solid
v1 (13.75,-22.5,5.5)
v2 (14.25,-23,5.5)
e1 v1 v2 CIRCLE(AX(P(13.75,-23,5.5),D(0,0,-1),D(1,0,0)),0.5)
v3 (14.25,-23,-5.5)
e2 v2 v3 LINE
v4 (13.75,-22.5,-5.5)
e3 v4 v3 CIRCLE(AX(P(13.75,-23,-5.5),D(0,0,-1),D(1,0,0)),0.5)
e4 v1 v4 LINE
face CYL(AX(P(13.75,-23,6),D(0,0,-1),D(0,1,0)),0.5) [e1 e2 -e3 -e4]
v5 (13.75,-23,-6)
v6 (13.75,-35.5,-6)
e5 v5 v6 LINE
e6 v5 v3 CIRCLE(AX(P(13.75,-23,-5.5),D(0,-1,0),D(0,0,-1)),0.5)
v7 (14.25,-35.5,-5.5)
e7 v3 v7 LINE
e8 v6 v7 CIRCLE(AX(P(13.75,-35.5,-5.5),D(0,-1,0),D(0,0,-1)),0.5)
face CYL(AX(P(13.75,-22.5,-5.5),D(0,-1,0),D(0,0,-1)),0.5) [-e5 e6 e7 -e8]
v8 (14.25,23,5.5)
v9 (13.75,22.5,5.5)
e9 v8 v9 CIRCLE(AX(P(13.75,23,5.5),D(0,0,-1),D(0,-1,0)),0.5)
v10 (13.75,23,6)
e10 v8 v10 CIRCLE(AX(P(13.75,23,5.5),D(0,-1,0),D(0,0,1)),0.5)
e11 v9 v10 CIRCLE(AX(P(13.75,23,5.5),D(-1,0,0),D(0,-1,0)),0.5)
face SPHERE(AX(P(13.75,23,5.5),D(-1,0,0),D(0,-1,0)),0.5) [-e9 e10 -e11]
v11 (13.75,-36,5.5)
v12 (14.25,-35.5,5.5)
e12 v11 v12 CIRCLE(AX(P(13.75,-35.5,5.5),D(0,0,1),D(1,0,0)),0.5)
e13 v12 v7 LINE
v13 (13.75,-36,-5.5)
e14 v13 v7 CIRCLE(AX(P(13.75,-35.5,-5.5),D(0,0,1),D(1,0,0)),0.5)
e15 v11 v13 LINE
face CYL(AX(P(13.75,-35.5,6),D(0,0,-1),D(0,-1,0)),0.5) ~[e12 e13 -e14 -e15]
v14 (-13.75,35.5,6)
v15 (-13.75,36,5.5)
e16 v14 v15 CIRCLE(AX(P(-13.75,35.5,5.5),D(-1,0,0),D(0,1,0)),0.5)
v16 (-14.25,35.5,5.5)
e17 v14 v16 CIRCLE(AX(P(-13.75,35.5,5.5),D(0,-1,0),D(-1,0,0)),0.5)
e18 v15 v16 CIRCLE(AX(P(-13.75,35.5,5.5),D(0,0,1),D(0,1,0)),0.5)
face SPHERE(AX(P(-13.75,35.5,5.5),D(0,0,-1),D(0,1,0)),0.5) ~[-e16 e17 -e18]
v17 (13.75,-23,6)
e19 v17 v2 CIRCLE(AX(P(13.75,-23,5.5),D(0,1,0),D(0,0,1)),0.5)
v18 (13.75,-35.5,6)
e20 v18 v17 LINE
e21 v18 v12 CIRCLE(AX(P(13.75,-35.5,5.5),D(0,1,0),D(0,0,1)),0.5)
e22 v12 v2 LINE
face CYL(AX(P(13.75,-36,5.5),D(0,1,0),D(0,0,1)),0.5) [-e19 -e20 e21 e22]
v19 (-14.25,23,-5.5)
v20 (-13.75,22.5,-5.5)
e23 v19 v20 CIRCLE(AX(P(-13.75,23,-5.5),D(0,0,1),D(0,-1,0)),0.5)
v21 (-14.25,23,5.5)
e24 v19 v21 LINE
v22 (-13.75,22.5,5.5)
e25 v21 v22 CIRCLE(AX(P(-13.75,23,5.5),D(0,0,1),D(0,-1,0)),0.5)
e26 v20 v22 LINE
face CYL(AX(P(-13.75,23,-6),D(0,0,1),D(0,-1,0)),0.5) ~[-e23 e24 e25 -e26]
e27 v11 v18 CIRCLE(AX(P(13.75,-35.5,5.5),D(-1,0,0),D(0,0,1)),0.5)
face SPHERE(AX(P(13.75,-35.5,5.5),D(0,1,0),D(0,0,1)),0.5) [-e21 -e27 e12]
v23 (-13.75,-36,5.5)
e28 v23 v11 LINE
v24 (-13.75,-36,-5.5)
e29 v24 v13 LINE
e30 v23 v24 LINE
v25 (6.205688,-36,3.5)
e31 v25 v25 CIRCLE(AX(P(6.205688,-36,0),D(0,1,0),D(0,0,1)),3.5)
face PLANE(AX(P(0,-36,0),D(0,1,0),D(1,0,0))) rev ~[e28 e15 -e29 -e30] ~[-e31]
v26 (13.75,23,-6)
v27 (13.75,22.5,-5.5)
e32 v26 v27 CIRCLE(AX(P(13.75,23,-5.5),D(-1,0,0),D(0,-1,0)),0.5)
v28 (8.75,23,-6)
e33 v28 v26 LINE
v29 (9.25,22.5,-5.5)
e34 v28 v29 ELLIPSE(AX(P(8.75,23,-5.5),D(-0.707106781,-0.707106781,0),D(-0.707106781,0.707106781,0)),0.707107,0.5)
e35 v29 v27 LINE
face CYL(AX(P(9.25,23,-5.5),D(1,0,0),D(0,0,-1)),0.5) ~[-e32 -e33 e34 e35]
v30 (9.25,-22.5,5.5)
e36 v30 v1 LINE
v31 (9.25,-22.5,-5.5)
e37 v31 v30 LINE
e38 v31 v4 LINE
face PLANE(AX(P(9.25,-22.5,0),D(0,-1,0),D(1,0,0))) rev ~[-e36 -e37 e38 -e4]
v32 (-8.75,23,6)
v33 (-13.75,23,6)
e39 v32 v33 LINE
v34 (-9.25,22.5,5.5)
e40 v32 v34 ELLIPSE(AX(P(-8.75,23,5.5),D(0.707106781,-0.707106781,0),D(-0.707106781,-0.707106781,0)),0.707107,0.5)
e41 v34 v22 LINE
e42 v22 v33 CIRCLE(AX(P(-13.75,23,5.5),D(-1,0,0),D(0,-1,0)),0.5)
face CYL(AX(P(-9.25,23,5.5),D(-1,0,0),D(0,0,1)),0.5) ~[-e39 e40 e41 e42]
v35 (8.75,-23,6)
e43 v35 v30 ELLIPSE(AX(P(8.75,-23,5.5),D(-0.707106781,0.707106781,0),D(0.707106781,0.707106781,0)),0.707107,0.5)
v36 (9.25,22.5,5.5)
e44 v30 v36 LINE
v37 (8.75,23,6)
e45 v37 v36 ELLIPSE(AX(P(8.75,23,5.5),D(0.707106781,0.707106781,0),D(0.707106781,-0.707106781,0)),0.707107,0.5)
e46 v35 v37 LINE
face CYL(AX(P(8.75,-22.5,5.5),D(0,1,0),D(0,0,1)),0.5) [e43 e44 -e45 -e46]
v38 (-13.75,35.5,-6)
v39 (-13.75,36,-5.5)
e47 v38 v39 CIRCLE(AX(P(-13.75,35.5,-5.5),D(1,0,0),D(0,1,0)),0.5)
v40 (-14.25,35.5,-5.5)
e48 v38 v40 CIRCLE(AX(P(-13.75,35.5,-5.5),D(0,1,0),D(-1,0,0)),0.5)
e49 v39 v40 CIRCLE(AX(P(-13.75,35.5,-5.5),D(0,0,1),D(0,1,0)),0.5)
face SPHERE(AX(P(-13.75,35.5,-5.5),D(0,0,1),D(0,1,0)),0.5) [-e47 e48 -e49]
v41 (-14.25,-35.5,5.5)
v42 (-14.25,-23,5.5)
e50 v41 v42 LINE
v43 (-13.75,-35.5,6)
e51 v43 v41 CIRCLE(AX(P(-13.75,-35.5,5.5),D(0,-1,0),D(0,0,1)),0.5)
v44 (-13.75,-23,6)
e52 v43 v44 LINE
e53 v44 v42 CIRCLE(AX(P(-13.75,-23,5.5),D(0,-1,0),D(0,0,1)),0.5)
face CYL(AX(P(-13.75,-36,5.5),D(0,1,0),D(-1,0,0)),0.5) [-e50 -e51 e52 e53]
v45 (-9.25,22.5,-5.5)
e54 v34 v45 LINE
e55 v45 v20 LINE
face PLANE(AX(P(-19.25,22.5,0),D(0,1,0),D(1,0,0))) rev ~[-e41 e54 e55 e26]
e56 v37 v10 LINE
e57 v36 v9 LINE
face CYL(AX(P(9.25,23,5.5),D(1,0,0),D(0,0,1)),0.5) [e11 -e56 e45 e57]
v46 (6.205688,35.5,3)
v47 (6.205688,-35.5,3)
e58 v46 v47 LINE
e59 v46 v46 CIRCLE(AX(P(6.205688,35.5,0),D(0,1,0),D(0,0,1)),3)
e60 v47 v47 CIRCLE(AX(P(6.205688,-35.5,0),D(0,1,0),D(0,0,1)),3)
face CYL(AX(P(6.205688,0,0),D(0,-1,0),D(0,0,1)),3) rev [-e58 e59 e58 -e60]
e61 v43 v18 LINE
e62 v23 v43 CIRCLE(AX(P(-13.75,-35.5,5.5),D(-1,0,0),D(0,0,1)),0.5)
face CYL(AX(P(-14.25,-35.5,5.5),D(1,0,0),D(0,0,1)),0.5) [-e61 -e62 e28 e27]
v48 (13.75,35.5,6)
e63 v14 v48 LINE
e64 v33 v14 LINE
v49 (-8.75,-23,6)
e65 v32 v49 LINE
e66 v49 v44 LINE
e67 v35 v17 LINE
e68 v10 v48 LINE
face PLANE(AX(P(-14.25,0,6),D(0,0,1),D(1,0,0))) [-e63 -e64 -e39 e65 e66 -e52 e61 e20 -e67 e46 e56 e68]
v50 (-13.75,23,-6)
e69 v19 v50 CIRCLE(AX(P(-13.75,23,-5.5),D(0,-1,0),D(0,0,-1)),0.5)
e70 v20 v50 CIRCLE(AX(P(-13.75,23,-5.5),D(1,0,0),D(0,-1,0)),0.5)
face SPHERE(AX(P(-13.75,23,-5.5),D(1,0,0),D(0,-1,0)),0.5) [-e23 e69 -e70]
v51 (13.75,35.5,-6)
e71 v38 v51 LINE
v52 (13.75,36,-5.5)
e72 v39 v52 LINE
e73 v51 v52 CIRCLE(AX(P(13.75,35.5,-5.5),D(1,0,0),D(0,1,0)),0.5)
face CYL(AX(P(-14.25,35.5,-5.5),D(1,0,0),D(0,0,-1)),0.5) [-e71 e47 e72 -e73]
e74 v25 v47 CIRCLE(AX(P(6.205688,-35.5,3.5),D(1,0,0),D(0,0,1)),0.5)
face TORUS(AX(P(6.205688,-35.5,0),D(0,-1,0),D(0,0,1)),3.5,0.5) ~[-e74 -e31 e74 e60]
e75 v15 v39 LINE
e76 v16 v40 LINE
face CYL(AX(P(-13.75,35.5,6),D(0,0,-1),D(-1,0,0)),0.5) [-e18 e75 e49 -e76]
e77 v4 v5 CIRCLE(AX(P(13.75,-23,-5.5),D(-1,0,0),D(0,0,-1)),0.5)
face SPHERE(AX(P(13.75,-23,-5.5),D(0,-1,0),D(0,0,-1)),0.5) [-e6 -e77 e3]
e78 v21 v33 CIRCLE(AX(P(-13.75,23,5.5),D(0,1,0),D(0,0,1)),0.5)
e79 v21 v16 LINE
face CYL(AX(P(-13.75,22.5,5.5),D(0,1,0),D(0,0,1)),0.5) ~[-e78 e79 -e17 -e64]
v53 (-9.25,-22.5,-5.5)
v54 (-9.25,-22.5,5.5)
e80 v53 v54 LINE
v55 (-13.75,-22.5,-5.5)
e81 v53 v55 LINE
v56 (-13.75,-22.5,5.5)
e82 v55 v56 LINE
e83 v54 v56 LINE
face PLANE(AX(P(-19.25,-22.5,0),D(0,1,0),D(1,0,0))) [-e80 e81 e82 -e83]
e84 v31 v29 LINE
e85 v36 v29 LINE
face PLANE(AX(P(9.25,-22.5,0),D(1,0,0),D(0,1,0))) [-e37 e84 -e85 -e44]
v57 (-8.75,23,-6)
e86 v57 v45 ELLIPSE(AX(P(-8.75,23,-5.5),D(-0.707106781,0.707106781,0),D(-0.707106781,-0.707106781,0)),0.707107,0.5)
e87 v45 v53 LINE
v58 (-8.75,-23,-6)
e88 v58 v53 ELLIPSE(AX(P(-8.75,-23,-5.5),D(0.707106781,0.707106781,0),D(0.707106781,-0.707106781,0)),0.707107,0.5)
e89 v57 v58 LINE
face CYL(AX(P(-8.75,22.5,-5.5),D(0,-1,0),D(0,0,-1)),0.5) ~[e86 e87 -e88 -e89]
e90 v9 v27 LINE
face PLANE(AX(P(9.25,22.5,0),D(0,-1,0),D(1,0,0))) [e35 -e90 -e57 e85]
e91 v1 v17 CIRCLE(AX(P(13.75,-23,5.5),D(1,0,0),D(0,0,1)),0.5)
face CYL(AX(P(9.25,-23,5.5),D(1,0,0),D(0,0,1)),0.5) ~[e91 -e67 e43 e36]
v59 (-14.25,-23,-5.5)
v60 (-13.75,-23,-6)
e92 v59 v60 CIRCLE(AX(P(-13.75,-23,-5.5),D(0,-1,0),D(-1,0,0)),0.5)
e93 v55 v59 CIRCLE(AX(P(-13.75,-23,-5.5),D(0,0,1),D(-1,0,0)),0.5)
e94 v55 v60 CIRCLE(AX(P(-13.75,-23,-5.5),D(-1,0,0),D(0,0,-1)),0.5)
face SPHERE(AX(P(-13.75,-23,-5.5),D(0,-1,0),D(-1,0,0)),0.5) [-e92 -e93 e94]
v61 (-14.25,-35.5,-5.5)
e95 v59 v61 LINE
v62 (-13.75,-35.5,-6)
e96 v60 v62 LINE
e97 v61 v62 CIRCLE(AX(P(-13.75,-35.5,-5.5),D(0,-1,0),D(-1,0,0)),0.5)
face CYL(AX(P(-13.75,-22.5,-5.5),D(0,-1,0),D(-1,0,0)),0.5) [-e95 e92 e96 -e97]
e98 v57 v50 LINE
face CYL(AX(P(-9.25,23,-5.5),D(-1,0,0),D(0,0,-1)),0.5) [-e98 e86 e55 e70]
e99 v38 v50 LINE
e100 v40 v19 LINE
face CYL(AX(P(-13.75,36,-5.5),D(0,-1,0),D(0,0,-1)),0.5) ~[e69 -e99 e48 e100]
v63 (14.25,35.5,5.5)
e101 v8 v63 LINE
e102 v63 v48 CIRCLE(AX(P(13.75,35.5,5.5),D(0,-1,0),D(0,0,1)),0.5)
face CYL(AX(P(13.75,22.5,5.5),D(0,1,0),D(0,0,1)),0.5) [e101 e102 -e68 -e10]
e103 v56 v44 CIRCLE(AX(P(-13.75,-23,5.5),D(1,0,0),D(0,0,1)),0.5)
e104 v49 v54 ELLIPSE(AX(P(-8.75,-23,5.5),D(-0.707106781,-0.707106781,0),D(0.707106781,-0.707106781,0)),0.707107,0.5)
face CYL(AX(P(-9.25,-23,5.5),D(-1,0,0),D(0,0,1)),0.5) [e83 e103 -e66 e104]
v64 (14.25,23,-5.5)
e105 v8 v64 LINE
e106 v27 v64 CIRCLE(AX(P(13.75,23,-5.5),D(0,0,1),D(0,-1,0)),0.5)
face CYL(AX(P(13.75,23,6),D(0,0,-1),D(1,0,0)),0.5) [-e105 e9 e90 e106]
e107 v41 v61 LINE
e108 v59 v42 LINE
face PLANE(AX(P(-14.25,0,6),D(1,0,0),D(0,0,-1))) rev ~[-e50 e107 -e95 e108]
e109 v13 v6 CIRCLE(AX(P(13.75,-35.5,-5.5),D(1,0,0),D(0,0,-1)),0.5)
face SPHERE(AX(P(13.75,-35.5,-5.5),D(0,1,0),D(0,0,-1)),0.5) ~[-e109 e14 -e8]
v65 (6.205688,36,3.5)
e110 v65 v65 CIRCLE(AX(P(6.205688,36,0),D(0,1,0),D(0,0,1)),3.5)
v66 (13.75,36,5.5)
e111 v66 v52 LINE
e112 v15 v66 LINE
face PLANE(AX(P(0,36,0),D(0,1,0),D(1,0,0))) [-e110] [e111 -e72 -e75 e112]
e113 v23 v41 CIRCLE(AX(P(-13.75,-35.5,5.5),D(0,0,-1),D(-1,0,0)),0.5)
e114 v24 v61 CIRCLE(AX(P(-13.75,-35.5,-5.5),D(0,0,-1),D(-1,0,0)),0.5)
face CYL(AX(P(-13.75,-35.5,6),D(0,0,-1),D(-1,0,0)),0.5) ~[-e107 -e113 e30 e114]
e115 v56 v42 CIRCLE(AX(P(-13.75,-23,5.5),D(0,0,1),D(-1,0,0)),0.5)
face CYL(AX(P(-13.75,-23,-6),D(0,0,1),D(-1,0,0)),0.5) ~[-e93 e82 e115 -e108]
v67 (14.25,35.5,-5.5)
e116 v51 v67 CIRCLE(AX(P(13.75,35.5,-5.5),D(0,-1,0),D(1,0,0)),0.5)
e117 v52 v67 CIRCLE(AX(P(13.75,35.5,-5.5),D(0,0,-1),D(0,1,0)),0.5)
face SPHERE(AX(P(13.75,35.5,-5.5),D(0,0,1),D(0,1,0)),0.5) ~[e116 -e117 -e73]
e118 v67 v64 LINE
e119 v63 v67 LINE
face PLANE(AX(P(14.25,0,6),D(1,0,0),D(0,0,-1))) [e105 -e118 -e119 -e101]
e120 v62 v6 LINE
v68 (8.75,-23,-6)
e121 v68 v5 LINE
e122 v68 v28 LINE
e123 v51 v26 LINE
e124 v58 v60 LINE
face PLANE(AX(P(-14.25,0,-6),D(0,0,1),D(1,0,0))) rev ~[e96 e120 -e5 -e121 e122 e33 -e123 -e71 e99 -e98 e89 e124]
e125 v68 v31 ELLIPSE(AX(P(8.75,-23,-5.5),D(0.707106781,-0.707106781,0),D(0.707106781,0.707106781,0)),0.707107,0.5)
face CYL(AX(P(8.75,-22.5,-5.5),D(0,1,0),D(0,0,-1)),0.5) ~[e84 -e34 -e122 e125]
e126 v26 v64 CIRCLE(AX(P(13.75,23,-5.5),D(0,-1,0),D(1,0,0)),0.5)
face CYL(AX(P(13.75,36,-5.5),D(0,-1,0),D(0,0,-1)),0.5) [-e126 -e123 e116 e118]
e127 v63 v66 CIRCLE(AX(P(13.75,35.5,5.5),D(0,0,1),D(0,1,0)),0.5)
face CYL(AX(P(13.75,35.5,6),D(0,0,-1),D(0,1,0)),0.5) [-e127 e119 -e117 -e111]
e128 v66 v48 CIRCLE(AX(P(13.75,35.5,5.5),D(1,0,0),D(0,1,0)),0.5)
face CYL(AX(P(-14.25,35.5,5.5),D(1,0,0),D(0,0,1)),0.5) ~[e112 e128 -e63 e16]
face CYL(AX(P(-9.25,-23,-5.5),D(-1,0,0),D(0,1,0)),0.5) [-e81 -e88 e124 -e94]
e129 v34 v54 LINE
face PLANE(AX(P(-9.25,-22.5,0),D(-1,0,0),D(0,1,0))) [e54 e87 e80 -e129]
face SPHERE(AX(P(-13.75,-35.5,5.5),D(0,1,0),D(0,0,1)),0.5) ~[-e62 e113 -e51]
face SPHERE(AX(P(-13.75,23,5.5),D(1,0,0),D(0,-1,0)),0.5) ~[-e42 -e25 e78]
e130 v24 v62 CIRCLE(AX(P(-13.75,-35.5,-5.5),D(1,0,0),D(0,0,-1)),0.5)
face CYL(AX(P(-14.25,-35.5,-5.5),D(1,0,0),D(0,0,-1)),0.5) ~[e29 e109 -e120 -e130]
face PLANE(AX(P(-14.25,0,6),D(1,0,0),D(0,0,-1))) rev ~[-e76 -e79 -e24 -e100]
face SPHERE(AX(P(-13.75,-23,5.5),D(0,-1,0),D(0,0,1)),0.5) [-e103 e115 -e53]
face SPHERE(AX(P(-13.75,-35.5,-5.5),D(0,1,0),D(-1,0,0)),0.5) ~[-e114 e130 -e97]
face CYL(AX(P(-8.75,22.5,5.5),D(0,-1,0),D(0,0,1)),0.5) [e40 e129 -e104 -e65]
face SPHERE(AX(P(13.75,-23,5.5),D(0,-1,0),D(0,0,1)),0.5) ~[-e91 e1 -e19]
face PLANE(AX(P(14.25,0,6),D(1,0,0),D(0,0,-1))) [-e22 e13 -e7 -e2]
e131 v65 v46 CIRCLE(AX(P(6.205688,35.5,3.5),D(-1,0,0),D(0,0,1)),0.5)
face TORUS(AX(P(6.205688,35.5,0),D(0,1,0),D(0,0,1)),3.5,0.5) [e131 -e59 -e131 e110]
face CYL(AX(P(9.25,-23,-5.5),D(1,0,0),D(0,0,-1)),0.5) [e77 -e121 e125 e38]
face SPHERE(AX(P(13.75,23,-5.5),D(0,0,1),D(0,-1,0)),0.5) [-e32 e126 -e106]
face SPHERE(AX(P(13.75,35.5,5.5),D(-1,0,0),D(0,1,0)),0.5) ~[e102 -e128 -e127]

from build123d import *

# Parameters (mm, degrees)
ESBO_O1_W                = 28.5
ESBO_O1_H                = 12
ESBO_O1_R                = 3
RESSALTO_EXTRUS_O1_DEPTH = 36
ESBO_O2_W                = 10
ESBO_O2_H                = 45
CORTE_EXTRUS_O1_DEPTH    = 10
FILETE1_R                = 0.5


with BuildPart() as part:
    # Esboço1 → Ressalto-extrusão1 (new, symmetric)
    with BuildSketch(Plane(origin=(0, 0, 0), x_dir=(1, 0, 0), z_dir=(0, 1, 0))):
        Rectangle(ESBO_O1_W, ESBO_O1_H)
        with Locations(Location((6.205688, 0, 0), (0, 0, 270))):
            Circle(ESBO_O1_R, mode=Mode.SUBTRACT)
    extrude(amount=RESSALTO_EXTRUS_O1_DEPTH, both=True)

    # Esboço2 → Corte-extrusão1 (cut, symmetric)
    with BuildSketch(Plane.XY):
        with Locations((-14.25, 0)):
            Rectangle(ESBO_O2_W, ESBO_O2_H)
        with Locations((14.25, 0)):
            Rectangle(ESBO_O2_W, ESBO_O2_H)
    extrude(amount=CORTE_EXTRUS_O1_DEPTH, both=True, mode=Mode.SUBTRACT)

    # Filete1
    filete1_edges = [part.edges().sort_by_distance(p)[0] for p in [
        (-14.25, 36, 0),
        (6.205688, -36, -3),
        (6.205688, 36, -3),
        (0, 36, 6),
        (-14.25, -29.25, 6),
        (-11.75, 22.5, 6),
        (-9.25, 0, 6),
        (-11.75, -22.5, 6),
        (-14.25, -29.25, -6),
        (-9.25, 0, -6),
        (-14.25, -22.5, 0),
        (-11.75, -22.5, -6),
        (-11.75, 22.5, -6),
        (-14.25, 22.5, 0),
        (14.25, -29.25, 6),
        (11.75, 22.5, 6),
        (9.25, 0, 6),
        (11.75, -22.5, 6),
        (14.25, -29.25, -6),
        (11.75, -22.5, -6),
        (14.25, 36, 0),
        (14.25, -22.5, 0),
        (9.25, 0, -6),
        (14.25, 22.5, 0),
        (11.75, 22.5, -6),
        (0, -36, 6),
        (-14.25, -36, 0),
        (0, -36, -6),
        (14.25, -36, 0),
        (0, 36, -6),
        (14.25, 29.25, 6),
        (-14.25, 29.25, 6),
        (-14.25, 29.25, -6),
        (14.25, 29.25, -6),
    ]]
    fillet(filete1_edges, radius=FILETE1_R)


solid = part.part
